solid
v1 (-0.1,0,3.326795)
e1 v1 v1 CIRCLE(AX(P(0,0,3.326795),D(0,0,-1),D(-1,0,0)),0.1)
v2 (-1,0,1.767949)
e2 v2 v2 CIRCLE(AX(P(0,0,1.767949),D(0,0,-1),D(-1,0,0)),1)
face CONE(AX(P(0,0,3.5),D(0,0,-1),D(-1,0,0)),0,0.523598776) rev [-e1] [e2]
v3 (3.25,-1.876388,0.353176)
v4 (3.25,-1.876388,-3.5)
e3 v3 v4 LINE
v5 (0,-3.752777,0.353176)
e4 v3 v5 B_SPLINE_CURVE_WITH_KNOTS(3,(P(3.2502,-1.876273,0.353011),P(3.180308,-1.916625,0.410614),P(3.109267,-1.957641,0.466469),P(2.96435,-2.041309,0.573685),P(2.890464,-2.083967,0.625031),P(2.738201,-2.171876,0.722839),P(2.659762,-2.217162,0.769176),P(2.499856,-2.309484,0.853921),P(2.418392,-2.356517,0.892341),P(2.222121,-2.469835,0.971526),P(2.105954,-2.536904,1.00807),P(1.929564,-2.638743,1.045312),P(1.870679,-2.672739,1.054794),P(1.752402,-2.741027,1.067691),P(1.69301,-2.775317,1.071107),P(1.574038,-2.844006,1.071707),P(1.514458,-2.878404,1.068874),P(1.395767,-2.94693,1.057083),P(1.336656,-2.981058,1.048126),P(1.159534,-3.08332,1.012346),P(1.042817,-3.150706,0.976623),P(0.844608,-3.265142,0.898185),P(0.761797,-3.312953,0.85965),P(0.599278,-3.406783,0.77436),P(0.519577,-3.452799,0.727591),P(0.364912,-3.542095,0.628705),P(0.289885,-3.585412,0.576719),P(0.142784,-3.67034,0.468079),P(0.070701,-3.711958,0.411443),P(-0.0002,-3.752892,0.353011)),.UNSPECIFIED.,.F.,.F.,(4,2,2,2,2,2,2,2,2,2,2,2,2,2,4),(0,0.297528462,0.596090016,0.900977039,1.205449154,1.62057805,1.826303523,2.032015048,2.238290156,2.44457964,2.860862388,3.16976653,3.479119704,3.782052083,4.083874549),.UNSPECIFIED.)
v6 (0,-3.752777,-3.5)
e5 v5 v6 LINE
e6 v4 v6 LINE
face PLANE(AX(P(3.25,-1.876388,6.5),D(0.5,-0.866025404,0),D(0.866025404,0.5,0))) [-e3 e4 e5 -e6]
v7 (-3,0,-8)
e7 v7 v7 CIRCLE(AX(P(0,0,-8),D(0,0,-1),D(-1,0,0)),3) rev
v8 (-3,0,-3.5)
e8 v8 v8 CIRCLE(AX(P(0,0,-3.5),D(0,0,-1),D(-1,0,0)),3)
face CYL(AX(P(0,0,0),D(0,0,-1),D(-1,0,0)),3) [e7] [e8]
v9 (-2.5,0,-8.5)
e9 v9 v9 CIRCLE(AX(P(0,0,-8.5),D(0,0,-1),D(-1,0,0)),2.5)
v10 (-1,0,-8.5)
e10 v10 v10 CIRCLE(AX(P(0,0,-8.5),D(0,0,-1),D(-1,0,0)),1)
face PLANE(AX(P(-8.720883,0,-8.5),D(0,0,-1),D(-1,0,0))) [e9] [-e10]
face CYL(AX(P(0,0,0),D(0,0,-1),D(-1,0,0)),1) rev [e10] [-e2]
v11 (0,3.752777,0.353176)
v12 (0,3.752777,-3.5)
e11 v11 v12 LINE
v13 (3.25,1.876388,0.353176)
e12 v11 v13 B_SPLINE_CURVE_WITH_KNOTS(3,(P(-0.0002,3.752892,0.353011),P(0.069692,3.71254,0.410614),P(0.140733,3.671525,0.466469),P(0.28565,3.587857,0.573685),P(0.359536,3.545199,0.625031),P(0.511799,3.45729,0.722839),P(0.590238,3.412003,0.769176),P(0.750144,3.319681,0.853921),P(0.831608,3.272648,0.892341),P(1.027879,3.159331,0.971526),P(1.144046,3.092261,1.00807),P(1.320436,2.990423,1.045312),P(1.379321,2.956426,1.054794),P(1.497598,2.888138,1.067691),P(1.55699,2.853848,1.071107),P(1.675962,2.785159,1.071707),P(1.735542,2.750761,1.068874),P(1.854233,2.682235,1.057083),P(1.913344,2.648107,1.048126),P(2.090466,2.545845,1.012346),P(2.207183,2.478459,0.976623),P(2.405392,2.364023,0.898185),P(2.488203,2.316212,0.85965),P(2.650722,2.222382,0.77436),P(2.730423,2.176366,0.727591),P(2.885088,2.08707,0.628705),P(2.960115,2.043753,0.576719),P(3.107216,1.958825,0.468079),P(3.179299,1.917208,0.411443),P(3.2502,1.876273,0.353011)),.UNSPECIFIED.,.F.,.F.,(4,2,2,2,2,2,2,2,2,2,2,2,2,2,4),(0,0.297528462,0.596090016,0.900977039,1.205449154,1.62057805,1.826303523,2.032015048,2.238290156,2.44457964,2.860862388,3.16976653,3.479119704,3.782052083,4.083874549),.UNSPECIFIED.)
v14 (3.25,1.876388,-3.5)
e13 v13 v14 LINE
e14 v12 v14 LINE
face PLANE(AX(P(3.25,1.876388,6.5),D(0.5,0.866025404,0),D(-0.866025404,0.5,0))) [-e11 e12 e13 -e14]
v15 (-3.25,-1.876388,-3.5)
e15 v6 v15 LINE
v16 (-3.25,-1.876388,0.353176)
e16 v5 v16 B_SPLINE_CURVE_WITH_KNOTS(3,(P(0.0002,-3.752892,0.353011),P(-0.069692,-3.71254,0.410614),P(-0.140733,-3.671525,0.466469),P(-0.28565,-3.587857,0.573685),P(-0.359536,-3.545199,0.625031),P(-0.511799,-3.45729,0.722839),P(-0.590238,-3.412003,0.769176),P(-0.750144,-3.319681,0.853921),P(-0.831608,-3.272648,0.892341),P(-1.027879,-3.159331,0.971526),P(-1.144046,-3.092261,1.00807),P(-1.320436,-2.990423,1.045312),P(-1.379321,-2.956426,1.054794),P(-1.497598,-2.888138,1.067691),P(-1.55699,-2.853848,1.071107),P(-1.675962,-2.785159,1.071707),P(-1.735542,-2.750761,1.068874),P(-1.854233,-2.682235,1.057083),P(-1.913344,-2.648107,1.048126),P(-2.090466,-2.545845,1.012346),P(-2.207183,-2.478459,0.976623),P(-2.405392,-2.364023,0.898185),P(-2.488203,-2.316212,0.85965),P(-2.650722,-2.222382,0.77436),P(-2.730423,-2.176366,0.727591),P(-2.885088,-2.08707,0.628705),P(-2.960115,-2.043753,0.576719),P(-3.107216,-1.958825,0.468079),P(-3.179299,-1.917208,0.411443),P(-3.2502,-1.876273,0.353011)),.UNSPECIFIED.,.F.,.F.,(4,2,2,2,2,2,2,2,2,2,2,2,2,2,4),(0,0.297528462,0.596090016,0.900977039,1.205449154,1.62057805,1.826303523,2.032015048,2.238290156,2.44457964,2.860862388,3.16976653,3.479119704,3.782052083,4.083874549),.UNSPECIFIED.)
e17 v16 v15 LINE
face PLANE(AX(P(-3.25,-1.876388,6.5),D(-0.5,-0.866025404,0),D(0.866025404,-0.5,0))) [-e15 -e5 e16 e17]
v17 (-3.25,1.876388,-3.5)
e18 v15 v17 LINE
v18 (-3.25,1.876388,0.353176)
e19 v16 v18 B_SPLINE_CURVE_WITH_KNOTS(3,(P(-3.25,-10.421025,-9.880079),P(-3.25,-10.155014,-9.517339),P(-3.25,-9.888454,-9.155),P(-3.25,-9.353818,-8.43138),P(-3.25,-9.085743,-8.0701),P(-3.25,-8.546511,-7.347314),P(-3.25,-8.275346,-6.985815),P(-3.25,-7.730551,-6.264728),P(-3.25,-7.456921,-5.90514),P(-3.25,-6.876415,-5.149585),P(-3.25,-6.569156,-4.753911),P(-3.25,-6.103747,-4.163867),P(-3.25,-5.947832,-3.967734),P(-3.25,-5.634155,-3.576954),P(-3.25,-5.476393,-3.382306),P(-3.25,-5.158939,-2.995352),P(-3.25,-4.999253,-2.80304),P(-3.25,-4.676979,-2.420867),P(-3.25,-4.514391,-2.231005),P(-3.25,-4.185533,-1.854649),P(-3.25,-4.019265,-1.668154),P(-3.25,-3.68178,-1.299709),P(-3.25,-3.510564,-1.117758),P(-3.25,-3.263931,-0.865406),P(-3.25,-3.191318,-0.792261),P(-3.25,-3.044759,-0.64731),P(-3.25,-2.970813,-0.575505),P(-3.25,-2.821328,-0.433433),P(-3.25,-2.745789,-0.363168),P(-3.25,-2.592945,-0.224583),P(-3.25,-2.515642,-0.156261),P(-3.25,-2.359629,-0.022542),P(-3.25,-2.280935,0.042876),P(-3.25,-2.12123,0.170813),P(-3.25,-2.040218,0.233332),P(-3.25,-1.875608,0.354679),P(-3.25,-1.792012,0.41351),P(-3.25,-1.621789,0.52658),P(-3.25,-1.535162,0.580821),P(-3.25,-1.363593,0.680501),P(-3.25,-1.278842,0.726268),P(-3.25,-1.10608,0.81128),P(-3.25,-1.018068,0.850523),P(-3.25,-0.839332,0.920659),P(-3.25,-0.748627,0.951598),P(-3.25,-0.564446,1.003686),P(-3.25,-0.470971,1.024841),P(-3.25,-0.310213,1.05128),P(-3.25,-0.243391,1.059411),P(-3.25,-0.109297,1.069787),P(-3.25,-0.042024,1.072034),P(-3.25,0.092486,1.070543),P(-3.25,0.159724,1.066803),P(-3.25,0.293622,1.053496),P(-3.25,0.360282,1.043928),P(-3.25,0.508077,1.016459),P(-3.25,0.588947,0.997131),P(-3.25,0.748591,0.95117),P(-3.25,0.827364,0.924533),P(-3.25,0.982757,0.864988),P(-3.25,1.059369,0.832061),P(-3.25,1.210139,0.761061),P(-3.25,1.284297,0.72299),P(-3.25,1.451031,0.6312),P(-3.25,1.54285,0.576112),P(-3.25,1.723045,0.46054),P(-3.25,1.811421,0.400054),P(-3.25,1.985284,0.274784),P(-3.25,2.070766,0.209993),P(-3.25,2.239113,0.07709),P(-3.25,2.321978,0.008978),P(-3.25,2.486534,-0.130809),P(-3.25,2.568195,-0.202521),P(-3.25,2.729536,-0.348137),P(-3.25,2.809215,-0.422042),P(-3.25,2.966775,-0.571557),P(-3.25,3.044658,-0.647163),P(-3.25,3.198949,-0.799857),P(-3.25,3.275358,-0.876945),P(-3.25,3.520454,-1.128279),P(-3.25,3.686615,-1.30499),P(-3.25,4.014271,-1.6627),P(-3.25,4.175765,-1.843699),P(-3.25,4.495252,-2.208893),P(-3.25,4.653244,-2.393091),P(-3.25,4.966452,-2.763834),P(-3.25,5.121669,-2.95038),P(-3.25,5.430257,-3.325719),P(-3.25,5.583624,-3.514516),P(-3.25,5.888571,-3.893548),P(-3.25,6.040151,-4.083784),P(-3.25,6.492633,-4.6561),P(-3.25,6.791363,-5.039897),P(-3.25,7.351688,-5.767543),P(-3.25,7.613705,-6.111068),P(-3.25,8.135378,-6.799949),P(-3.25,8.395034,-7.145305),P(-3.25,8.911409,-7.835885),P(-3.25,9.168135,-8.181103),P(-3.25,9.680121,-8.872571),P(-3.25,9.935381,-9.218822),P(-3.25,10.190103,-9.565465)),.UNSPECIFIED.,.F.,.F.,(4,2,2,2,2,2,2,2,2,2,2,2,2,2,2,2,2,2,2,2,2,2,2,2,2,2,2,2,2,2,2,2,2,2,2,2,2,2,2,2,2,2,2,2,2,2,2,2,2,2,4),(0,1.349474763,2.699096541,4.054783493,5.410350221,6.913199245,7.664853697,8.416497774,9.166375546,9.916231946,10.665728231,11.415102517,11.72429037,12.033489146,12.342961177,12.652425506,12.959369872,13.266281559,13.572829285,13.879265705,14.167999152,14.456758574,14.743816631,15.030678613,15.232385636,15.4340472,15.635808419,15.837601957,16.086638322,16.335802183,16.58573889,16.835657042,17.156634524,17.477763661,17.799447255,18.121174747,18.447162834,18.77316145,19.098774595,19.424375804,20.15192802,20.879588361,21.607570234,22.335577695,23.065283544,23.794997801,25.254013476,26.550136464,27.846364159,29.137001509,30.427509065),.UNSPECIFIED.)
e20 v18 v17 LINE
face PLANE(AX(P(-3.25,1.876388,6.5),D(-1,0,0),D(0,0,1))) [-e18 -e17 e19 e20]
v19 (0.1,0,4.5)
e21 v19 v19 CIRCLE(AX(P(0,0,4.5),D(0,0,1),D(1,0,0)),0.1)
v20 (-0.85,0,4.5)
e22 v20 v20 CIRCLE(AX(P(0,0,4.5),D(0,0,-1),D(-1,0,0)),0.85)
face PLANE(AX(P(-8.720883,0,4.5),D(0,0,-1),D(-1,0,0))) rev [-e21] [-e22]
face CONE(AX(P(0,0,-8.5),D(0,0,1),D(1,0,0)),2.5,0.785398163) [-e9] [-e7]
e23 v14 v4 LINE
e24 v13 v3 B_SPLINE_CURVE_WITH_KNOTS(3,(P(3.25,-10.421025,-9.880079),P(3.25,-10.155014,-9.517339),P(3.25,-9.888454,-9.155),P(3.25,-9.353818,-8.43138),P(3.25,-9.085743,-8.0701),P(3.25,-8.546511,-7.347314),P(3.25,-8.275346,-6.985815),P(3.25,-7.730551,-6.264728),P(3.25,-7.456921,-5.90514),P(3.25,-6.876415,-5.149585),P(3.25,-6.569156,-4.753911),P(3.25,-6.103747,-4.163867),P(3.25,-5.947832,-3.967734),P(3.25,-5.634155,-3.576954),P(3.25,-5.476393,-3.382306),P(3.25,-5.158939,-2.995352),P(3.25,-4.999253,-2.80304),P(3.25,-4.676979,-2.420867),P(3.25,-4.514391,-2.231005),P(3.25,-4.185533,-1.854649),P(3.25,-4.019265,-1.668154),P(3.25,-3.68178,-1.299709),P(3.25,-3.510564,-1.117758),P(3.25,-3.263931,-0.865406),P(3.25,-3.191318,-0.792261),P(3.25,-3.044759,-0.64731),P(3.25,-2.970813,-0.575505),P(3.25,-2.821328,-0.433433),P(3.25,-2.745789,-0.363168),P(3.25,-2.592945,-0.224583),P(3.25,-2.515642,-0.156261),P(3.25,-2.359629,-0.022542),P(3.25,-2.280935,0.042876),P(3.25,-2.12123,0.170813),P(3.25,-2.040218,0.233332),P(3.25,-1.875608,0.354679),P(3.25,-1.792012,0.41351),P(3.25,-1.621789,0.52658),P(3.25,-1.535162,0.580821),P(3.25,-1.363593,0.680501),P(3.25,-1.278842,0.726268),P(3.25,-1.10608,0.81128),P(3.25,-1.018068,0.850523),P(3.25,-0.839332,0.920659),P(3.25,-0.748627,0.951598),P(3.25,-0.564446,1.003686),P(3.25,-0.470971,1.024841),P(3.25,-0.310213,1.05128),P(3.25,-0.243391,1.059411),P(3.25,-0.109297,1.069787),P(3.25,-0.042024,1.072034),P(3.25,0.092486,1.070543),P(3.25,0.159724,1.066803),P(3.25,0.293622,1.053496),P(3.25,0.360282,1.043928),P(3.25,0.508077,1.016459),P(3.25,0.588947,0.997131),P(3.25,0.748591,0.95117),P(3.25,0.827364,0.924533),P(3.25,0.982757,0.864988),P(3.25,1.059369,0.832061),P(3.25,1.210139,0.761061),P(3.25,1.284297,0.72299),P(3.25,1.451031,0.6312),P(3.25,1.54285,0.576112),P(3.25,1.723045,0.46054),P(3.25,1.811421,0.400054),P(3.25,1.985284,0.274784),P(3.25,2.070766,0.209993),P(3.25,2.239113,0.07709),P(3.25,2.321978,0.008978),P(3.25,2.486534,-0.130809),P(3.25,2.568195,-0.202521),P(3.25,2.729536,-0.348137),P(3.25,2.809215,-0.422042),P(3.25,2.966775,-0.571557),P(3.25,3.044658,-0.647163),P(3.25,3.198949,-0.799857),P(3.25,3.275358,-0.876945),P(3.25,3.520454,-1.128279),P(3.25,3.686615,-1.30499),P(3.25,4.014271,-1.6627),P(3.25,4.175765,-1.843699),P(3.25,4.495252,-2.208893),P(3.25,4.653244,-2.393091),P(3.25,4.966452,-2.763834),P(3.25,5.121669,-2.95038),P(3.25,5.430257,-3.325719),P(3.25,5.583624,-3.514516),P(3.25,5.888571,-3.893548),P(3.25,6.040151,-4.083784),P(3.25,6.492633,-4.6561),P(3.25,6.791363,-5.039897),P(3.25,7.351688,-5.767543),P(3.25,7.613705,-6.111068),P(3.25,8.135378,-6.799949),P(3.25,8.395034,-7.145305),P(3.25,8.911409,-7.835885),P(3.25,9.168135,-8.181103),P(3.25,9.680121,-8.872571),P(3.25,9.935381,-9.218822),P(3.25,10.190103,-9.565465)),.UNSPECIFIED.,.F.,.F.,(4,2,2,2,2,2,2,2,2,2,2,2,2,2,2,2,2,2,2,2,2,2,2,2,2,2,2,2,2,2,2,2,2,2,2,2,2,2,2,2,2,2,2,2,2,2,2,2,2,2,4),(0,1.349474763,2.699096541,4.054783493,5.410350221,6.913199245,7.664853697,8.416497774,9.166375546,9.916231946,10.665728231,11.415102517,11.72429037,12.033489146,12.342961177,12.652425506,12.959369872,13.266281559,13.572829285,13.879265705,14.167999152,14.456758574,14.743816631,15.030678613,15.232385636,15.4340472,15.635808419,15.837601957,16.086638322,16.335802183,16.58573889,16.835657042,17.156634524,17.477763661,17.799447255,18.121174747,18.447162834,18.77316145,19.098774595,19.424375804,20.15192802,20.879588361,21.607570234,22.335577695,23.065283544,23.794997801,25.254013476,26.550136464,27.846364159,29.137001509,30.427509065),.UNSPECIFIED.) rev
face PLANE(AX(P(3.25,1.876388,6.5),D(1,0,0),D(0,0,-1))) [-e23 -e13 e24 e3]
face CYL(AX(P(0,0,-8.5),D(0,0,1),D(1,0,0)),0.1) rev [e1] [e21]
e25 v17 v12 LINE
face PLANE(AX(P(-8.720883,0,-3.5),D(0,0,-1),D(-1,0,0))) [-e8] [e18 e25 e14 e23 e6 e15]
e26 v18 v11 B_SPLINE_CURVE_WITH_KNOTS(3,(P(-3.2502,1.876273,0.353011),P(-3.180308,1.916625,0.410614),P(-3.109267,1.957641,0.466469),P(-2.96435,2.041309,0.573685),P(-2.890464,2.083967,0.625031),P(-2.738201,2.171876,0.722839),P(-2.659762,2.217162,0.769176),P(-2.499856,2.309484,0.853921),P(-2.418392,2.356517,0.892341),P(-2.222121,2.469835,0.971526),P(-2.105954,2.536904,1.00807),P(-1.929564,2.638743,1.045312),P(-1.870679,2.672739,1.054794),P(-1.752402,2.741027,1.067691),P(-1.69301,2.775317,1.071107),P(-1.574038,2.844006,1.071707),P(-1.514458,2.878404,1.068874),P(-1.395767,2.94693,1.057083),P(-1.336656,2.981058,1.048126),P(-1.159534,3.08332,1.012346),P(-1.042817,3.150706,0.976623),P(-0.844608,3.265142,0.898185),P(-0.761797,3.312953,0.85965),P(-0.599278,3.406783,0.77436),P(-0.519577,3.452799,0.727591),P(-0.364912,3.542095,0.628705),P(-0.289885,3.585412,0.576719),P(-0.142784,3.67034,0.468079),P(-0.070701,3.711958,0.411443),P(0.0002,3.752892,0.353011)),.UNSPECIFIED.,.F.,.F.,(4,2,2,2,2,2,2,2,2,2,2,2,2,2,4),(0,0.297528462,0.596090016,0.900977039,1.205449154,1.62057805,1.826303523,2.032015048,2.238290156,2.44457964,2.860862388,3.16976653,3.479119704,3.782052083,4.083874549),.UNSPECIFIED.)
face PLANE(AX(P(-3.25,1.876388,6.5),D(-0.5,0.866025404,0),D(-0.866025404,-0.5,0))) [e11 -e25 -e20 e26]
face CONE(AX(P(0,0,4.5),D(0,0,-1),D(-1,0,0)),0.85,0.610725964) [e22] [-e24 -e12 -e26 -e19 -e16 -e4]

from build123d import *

# Parameters (mm, degrees)
SKETCH2_R          = 11.88832093
CUT_EXTRUDE2_DEPTH = 10
CHAMFER1_SIZE      = 0.5
SKETCH3_R          = 0.1
CUT_EXTRUDE3_DEPTH = 14


with BuildPart() as part:
    # Sketch1 → Revolve1 (revolve)
    with BuildSketch(Plane(origin=(0, 0, 0), x_dir=(1, 0, 0), z_dir=(0, 1, 0))):
        Polygon((1, 8.5), (3, 8.5), (3, 3.5), (4, 3.5), (4, 0), (0.85, -4.5), (0, -4.5), (0, -3.5), (1, -1.767949192), align=None)
    revolve(axis=Axis((0, 0, 0), (0, 0, 1)))

    # Sketch2 → Cut-Extrude2 (cut)
    with BuildSketch(Plane(origin=(0, 0, -3.5), x_dir=(-1, 0, 0), z_dir=(0, 0, -1))):
        Circle(SKETCH2_R)
        Polygon((3.25, 1.876388375), (0, 3.75277675), (-3.25, 1.876388375), (-3.25, -1.876388375), (0, -3.75277675), (3.25, -1.876388375), align=None, mode=Mode.SUBTRACT)
    extrude(amount=-CUT_EXTRUDE2_DEPTH, mode=Mode.SUBTRACT)

    # Chamfer1
    chamfer1_edges = [part.edges().sort_by_distance(p)[0] for p in [
        (-3, 0, -8.5),
    ]]
    chamfer(chamfer1_edges, length=CHAMFER1_SIZE)

    # Sketch3 → Cut-Extrude3 (cut, through all)
    with BuildSketch(Plane.XY.offset(4.5)):
        Circle(SKETCH3_R)
    extrude(amount=-CUT_EXTRUDE3_DEPTH, mode=Mode.SUBTRACT)


solid = part.part
